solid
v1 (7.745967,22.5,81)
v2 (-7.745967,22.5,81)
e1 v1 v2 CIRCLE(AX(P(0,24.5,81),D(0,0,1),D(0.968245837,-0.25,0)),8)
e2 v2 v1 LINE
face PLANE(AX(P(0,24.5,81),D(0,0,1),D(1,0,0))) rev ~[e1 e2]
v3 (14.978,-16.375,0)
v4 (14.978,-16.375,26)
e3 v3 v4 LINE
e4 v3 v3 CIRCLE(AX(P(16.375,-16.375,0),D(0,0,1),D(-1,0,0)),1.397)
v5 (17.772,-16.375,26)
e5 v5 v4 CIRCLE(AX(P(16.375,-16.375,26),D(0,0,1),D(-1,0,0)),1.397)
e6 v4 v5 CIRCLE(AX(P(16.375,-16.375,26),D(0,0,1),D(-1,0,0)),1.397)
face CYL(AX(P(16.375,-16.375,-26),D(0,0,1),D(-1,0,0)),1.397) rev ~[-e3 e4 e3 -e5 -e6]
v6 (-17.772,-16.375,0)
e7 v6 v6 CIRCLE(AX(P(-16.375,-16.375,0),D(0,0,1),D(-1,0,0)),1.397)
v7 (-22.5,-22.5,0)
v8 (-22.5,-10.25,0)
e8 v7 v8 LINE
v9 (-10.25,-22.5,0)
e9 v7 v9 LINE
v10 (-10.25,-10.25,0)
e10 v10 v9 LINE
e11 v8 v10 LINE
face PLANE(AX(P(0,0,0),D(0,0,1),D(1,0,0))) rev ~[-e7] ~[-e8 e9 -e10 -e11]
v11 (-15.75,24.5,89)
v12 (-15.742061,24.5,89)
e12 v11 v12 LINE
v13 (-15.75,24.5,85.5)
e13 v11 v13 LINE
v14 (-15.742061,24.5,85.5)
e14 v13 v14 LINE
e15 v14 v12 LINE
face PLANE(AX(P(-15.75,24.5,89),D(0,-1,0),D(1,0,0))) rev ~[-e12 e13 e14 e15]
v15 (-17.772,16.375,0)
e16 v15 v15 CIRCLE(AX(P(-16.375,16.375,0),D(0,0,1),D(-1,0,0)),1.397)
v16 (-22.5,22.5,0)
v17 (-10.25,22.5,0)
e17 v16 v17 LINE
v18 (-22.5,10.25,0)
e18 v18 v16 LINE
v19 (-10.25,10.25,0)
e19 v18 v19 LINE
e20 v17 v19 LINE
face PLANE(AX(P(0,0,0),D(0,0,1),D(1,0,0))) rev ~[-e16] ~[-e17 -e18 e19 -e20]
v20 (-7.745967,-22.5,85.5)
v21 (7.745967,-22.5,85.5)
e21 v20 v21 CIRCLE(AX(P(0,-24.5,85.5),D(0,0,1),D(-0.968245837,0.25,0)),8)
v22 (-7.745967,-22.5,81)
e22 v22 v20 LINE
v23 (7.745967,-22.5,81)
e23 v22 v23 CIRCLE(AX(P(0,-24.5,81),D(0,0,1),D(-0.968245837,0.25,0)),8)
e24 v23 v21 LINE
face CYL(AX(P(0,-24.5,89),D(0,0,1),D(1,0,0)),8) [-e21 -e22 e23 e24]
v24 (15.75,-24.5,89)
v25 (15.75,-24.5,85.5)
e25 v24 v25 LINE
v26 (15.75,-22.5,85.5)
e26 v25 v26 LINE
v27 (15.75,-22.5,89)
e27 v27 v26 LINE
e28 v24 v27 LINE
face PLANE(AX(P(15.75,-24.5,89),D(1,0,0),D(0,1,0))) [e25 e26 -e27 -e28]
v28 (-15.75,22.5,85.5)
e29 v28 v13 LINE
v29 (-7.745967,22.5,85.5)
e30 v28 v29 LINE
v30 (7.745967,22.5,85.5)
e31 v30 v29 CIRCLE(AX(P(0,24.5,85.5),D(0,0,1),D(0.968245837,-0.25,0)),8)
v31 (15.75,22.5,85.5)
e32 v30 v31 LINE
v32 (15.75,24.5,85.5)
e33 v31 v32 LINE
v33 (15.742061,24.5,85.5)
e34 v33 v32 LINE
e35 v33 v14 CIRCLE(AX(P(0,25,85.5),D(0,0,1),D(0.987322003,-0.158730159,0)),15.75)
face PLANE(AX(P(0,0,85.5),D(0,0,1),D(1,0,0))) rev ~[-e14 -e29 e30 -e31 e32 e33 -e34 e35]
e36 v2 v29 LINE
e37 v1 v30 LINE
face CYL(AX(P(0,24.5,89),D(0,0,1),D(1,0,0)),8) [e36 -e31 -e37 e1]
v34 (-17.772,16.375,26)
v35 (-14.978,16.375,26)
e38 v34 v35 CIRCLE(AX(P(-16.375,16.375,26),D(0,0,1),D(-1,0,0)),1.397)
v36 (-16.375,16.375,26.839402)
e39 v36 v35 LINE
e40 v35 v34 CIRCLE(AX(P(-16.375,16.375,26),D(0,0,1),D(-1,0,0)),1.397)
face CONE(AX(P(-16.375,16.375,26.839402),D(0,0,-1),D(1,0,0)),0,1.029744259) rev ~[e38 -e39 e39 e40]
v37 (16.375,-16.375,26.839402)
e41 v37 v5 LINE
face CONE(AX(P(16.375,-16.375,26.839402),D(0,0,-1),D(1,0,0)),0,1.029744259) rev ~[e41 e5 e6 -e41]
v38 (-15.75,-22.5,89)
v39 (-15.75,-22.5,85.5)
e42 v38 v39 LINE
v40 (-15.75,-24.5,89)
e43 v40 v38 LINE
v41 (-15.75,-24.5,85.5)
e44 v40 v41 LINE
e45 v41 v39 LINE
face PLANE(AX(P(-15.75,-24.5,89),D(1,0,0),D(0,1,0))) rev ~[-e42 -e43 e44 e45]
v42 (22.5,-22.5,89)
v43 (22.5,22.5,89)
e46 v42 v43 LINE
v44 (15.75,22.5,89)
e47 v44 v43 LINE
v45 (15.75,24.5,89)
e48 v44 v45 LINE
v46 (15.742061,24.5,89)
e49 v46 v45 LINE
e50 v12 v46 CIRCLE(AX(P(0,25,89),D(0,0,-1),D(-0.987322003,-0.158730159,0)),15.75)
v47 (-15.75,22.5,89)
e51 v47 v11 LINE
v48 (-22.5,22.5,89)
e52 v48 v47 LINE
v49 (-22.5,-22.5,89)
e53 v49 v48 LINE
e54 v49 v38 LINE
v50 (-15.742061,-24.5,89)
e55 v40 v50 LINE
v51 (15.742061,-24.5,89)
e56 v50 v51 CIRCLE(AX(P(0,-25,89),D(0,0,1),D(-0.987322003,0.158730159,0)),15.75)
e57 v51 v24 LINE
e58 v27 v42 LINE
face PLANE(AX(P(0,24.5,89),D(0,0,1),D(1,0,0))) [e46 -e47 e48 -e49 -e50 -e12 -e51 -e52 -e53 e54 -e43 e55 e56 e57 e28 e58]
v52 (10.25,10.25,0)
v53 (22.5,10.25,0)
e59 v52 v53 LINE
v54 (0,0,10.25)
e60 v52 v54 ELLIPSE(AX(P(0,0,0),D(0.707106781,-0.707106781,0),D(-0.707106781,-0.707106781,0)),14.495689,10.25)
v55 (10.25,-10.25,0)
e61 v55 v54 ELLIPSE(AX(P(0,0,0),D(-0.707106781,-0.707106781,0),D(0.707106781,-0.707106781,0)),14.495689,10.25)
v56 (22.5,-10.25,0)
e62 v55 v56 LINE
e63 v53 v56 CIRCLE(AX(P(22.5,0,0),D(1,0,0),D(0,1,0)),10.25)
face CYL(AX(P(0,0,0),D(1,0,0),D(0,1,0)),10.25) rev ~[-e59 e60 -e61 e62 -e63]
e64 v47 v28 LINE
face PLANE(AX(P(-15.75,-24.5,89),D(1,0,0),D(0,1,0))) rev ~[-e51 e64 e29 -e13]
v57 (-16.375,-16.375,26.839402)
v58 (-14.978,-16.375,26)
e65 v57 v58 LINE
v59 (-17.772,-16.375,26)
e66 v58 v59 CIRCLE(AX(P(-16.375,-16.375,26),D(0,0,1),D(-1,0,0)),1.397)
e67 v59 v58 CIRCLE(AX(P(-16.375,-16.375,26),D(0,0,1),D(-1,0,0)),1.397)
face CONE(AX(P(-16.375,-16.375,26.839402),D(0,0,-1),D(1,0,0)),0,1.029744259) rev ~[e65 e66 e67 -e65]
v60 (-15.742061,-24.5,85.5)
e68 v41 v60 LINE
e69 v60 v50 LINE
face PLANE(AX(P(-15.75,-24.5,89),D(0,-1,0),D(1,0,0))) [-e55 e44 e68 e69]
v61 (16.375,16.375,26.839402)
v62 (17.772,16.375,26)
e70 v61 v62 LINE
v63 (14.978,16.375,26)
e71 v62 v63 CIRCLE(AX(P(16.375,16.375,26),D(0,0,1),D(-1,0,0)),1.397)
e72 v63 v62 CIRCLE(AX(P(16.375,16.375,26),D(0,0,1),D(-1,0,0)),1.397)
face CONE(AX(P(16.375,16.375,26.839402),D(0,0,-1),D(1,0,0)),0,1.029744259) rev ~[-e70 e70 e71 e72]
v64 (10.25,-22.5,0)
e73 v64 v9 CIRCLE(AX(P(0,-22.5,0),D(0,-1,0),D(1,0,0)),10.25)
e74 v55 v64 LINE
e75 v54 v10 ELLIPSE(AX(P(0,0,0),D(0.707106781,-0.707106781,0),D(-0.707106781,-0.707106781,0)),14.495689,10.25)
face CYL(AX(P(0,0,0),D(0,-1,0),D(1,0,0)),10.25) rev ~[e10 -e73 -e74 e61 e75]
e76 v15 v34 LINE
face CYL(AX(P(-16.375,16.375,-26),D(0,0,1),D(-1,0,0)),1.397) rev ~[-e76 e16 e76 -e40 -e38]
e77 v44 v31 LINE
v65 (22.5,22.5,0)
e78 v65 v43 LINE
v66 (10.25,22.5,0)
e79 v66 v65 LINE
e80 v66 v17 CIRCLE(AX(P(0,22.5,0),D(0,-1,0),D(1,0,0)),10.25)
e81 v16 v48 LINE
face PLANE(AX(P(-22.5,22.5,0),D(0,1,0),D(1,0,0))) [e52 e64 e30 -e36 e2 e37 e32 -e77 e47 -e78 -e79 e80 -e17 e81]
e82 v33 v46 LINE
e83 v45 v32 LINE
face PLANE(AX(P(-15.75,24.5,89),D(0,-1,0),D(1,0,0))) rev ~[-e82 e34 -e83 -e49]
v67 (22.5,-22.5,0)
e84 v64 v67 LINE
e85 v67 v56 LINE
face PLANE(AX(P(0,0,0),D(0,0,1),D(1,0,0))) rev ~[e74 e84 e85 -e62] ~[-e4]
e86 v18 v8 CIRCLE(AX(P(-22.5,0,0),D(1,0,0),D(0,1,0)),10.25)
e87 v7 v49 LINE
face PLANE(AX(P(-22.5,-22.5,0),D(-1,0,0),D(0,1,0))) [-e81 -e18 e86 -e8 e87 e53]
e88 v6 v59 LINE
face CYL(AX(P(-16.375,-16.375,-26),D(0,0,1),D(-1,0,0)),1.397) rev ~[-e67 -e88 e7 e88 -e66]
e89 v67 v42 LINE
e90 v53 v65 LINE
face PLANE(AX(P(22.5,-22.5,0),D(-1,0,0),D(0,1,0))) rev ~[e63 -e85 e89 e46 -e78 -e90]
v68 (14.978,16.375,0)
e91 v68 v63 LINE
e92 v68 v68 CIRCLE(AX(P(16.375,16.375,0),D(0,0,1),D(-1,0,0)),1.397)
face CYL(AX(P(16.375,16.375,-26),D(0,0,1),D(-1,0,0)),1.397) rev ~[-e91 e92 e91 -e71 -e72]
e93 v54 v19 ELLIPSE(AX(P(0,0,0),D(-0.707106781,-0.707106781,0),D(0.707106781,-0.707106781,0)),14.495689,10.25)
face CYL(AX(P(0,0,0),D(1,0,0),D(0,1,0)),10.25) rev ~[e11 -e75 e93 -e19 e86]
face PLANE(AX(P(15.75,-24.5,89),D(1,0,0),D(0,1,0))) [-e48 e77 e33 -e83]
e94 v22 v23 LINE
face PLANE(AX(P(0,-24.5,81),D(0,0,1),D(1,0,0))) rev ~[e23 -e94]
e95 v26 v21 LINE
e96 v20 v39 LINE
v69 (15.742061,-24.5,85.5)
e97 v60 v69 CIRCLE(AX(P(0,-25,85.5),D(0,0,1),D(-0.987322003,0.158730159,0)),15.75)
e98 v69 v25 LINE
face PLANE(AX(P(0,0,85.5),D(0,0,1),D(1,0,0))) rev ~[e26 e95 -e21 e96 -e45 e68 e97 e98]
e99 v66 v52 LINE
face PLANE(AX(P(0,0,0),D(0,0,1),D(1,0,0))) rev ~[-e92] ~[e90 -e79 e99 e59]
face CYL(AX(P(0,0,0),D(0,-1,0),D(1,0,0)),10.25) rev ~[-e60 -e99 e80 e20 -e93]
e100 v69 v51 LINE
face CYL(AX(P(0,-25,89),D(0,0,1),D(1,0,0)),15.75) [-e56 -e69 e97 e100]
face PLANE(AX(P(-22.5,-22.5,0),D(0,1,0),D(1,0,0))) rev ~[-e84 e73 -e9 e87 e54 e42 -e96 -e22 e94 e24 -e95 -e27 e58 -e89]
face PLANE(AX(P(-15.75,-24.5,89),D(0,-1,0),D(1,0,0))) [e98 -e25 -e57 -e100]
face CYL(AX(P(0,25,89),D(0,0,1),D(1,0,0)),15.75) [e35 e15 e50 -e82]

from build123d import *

# Parameters (mm, degrees)
F0_W      = 45
F0_H      = 45
F1_DEPTH  = 89
F2_R      = 10.25
F3_DEPTH  = 25
F4_R      = 10.25
F5_DEPTH  = 27.5
F6_R      = 15.75
F7_DEPTH  = 3.5
F9_D      = 2.794
F9_DEPTH  = 26
F9_TIP    = 0.8394022848
F13_D     = 2.794
F13_DEPTH = 26
F13_TIP   = 0.8394022848
F14_D     = 2.794
F14_DEPTH = 26
F14_TIP   = 0.8394022848
F15_D     = 2.794
F15_DEPTH = 26
F15_TIP   = 0.8394022848
F16_W     = 31.5
F16_H     = 49
F17_DEPTH = 3.5
F18_R     = 8
F19_DEPTH = 8


with BuildPart() as f1:
    # F0 (on Top) → F1 (new body)
    with BuildSketch(Plane.XY):
        Rectangle(F0_W, F0_H)
    extrude(amount=F1_DEPTH)

    # F2 (on Front) → F3 (cut, symmetric)
    with BuildSketch(Plane.XZ):
        Circle(F2_R)
    extrude(amount=F3_DEPTH, both=True, mode=Mode.SUBTRACT)

    # F4 (on Right) → F5 (cut, symmetric)
    with BuildSketch(Plane.YZ):
        Circle(F4_R)
    extrude(amount=F5_DEPTH, both=True, mode=Mode.SUBTRACT)

    # F6 (on face) → F7 (join)
    with BuildSketch(Plane.XY.offset(89)):
        with Locations((0, 25)):
            Circle(F6_R)
        with Locations((0, -25)):
            Circle(F6_R)
    extrude(amount=-F7_DEPTH)

    # F9
    with Locations(Plane(origin=(0, 0, 0), x_dir=(1, 0, 0), z_dir=(0, 0, -1))):
        with Locations((16.375, 16.375)):
            Hole(F9_D / 2, depth=F9_DEPTH)
            with Locations((0, 0, -(F9_DEPTH + F9_TIP / 2))):  # 118° drill point
                Cone(0, F9_D / 2, F9_TIP, mode=Mode.SUBTRACT)

    # F13
    with Locations(Plane(origin=(0, 0, 0), x_dir=(1, 0, 0), z_dir=(0, 0, -1))):
        with Locations((16.375, -16.375)):
            Hole(F13_D / 2, depth=F13_DEPTH)
            with Locations((0, 0, -(F13_DEPTH + F13_TIP / 2))):  # 118° drill point
                Cone(0, F13_D / 2, F13_TIP, mode=Mode.SUBTRACT)

    # F14
    with Locations(Plane(origin=(0, 0, 0), x_dir=(1, 0, 0), z_dir=(0, 0, -1))):
        with Locations((-16.375, -16.375)):
            Hole(F14_D / 2, depth=F14_DEPTH)
            with Locations((0, 0, -(F14_DEPTH + F14_TIP / 2))):  # 118° drill point
                Cone(0, F14_D / 2, F14_TIP, mode=Mode.SUBTRACT)

    # F15
    with Locations(Plane(origin=(0, 0, 0), x_dir=(1, 0, 0), z_dir=(0, 0, -1))):
        with Locations((-16.375, 16.375)):
            Hole(F15_D / 2, depth=F15_DEPTH)
            with Locations((0, 0, -(F15_DEPTH + F15_TIP / 2))):  # 118° drill point
                Cone(0, F15_D / 2, F15_TIP, mode=Mode.SUBTRACT)

    # F16 (on face) → F17 (join)
    with BuildSketch(Plane.XY.offset(89)):
        Rectangle(F16_W, F16_H)
    extrude(amount=-F17_DEPTH)

    # F18 (on face) → F19 (join)
    with BuildSketch(Plane.XY.offset(89)):
        with Locations((0, 24.5)):
            Circle(F18_R)
        with Locations((0, -24.5)):
            Circle(F18_R)
    extrude(amount=-F19_DEPTH)


solid = f1.part
